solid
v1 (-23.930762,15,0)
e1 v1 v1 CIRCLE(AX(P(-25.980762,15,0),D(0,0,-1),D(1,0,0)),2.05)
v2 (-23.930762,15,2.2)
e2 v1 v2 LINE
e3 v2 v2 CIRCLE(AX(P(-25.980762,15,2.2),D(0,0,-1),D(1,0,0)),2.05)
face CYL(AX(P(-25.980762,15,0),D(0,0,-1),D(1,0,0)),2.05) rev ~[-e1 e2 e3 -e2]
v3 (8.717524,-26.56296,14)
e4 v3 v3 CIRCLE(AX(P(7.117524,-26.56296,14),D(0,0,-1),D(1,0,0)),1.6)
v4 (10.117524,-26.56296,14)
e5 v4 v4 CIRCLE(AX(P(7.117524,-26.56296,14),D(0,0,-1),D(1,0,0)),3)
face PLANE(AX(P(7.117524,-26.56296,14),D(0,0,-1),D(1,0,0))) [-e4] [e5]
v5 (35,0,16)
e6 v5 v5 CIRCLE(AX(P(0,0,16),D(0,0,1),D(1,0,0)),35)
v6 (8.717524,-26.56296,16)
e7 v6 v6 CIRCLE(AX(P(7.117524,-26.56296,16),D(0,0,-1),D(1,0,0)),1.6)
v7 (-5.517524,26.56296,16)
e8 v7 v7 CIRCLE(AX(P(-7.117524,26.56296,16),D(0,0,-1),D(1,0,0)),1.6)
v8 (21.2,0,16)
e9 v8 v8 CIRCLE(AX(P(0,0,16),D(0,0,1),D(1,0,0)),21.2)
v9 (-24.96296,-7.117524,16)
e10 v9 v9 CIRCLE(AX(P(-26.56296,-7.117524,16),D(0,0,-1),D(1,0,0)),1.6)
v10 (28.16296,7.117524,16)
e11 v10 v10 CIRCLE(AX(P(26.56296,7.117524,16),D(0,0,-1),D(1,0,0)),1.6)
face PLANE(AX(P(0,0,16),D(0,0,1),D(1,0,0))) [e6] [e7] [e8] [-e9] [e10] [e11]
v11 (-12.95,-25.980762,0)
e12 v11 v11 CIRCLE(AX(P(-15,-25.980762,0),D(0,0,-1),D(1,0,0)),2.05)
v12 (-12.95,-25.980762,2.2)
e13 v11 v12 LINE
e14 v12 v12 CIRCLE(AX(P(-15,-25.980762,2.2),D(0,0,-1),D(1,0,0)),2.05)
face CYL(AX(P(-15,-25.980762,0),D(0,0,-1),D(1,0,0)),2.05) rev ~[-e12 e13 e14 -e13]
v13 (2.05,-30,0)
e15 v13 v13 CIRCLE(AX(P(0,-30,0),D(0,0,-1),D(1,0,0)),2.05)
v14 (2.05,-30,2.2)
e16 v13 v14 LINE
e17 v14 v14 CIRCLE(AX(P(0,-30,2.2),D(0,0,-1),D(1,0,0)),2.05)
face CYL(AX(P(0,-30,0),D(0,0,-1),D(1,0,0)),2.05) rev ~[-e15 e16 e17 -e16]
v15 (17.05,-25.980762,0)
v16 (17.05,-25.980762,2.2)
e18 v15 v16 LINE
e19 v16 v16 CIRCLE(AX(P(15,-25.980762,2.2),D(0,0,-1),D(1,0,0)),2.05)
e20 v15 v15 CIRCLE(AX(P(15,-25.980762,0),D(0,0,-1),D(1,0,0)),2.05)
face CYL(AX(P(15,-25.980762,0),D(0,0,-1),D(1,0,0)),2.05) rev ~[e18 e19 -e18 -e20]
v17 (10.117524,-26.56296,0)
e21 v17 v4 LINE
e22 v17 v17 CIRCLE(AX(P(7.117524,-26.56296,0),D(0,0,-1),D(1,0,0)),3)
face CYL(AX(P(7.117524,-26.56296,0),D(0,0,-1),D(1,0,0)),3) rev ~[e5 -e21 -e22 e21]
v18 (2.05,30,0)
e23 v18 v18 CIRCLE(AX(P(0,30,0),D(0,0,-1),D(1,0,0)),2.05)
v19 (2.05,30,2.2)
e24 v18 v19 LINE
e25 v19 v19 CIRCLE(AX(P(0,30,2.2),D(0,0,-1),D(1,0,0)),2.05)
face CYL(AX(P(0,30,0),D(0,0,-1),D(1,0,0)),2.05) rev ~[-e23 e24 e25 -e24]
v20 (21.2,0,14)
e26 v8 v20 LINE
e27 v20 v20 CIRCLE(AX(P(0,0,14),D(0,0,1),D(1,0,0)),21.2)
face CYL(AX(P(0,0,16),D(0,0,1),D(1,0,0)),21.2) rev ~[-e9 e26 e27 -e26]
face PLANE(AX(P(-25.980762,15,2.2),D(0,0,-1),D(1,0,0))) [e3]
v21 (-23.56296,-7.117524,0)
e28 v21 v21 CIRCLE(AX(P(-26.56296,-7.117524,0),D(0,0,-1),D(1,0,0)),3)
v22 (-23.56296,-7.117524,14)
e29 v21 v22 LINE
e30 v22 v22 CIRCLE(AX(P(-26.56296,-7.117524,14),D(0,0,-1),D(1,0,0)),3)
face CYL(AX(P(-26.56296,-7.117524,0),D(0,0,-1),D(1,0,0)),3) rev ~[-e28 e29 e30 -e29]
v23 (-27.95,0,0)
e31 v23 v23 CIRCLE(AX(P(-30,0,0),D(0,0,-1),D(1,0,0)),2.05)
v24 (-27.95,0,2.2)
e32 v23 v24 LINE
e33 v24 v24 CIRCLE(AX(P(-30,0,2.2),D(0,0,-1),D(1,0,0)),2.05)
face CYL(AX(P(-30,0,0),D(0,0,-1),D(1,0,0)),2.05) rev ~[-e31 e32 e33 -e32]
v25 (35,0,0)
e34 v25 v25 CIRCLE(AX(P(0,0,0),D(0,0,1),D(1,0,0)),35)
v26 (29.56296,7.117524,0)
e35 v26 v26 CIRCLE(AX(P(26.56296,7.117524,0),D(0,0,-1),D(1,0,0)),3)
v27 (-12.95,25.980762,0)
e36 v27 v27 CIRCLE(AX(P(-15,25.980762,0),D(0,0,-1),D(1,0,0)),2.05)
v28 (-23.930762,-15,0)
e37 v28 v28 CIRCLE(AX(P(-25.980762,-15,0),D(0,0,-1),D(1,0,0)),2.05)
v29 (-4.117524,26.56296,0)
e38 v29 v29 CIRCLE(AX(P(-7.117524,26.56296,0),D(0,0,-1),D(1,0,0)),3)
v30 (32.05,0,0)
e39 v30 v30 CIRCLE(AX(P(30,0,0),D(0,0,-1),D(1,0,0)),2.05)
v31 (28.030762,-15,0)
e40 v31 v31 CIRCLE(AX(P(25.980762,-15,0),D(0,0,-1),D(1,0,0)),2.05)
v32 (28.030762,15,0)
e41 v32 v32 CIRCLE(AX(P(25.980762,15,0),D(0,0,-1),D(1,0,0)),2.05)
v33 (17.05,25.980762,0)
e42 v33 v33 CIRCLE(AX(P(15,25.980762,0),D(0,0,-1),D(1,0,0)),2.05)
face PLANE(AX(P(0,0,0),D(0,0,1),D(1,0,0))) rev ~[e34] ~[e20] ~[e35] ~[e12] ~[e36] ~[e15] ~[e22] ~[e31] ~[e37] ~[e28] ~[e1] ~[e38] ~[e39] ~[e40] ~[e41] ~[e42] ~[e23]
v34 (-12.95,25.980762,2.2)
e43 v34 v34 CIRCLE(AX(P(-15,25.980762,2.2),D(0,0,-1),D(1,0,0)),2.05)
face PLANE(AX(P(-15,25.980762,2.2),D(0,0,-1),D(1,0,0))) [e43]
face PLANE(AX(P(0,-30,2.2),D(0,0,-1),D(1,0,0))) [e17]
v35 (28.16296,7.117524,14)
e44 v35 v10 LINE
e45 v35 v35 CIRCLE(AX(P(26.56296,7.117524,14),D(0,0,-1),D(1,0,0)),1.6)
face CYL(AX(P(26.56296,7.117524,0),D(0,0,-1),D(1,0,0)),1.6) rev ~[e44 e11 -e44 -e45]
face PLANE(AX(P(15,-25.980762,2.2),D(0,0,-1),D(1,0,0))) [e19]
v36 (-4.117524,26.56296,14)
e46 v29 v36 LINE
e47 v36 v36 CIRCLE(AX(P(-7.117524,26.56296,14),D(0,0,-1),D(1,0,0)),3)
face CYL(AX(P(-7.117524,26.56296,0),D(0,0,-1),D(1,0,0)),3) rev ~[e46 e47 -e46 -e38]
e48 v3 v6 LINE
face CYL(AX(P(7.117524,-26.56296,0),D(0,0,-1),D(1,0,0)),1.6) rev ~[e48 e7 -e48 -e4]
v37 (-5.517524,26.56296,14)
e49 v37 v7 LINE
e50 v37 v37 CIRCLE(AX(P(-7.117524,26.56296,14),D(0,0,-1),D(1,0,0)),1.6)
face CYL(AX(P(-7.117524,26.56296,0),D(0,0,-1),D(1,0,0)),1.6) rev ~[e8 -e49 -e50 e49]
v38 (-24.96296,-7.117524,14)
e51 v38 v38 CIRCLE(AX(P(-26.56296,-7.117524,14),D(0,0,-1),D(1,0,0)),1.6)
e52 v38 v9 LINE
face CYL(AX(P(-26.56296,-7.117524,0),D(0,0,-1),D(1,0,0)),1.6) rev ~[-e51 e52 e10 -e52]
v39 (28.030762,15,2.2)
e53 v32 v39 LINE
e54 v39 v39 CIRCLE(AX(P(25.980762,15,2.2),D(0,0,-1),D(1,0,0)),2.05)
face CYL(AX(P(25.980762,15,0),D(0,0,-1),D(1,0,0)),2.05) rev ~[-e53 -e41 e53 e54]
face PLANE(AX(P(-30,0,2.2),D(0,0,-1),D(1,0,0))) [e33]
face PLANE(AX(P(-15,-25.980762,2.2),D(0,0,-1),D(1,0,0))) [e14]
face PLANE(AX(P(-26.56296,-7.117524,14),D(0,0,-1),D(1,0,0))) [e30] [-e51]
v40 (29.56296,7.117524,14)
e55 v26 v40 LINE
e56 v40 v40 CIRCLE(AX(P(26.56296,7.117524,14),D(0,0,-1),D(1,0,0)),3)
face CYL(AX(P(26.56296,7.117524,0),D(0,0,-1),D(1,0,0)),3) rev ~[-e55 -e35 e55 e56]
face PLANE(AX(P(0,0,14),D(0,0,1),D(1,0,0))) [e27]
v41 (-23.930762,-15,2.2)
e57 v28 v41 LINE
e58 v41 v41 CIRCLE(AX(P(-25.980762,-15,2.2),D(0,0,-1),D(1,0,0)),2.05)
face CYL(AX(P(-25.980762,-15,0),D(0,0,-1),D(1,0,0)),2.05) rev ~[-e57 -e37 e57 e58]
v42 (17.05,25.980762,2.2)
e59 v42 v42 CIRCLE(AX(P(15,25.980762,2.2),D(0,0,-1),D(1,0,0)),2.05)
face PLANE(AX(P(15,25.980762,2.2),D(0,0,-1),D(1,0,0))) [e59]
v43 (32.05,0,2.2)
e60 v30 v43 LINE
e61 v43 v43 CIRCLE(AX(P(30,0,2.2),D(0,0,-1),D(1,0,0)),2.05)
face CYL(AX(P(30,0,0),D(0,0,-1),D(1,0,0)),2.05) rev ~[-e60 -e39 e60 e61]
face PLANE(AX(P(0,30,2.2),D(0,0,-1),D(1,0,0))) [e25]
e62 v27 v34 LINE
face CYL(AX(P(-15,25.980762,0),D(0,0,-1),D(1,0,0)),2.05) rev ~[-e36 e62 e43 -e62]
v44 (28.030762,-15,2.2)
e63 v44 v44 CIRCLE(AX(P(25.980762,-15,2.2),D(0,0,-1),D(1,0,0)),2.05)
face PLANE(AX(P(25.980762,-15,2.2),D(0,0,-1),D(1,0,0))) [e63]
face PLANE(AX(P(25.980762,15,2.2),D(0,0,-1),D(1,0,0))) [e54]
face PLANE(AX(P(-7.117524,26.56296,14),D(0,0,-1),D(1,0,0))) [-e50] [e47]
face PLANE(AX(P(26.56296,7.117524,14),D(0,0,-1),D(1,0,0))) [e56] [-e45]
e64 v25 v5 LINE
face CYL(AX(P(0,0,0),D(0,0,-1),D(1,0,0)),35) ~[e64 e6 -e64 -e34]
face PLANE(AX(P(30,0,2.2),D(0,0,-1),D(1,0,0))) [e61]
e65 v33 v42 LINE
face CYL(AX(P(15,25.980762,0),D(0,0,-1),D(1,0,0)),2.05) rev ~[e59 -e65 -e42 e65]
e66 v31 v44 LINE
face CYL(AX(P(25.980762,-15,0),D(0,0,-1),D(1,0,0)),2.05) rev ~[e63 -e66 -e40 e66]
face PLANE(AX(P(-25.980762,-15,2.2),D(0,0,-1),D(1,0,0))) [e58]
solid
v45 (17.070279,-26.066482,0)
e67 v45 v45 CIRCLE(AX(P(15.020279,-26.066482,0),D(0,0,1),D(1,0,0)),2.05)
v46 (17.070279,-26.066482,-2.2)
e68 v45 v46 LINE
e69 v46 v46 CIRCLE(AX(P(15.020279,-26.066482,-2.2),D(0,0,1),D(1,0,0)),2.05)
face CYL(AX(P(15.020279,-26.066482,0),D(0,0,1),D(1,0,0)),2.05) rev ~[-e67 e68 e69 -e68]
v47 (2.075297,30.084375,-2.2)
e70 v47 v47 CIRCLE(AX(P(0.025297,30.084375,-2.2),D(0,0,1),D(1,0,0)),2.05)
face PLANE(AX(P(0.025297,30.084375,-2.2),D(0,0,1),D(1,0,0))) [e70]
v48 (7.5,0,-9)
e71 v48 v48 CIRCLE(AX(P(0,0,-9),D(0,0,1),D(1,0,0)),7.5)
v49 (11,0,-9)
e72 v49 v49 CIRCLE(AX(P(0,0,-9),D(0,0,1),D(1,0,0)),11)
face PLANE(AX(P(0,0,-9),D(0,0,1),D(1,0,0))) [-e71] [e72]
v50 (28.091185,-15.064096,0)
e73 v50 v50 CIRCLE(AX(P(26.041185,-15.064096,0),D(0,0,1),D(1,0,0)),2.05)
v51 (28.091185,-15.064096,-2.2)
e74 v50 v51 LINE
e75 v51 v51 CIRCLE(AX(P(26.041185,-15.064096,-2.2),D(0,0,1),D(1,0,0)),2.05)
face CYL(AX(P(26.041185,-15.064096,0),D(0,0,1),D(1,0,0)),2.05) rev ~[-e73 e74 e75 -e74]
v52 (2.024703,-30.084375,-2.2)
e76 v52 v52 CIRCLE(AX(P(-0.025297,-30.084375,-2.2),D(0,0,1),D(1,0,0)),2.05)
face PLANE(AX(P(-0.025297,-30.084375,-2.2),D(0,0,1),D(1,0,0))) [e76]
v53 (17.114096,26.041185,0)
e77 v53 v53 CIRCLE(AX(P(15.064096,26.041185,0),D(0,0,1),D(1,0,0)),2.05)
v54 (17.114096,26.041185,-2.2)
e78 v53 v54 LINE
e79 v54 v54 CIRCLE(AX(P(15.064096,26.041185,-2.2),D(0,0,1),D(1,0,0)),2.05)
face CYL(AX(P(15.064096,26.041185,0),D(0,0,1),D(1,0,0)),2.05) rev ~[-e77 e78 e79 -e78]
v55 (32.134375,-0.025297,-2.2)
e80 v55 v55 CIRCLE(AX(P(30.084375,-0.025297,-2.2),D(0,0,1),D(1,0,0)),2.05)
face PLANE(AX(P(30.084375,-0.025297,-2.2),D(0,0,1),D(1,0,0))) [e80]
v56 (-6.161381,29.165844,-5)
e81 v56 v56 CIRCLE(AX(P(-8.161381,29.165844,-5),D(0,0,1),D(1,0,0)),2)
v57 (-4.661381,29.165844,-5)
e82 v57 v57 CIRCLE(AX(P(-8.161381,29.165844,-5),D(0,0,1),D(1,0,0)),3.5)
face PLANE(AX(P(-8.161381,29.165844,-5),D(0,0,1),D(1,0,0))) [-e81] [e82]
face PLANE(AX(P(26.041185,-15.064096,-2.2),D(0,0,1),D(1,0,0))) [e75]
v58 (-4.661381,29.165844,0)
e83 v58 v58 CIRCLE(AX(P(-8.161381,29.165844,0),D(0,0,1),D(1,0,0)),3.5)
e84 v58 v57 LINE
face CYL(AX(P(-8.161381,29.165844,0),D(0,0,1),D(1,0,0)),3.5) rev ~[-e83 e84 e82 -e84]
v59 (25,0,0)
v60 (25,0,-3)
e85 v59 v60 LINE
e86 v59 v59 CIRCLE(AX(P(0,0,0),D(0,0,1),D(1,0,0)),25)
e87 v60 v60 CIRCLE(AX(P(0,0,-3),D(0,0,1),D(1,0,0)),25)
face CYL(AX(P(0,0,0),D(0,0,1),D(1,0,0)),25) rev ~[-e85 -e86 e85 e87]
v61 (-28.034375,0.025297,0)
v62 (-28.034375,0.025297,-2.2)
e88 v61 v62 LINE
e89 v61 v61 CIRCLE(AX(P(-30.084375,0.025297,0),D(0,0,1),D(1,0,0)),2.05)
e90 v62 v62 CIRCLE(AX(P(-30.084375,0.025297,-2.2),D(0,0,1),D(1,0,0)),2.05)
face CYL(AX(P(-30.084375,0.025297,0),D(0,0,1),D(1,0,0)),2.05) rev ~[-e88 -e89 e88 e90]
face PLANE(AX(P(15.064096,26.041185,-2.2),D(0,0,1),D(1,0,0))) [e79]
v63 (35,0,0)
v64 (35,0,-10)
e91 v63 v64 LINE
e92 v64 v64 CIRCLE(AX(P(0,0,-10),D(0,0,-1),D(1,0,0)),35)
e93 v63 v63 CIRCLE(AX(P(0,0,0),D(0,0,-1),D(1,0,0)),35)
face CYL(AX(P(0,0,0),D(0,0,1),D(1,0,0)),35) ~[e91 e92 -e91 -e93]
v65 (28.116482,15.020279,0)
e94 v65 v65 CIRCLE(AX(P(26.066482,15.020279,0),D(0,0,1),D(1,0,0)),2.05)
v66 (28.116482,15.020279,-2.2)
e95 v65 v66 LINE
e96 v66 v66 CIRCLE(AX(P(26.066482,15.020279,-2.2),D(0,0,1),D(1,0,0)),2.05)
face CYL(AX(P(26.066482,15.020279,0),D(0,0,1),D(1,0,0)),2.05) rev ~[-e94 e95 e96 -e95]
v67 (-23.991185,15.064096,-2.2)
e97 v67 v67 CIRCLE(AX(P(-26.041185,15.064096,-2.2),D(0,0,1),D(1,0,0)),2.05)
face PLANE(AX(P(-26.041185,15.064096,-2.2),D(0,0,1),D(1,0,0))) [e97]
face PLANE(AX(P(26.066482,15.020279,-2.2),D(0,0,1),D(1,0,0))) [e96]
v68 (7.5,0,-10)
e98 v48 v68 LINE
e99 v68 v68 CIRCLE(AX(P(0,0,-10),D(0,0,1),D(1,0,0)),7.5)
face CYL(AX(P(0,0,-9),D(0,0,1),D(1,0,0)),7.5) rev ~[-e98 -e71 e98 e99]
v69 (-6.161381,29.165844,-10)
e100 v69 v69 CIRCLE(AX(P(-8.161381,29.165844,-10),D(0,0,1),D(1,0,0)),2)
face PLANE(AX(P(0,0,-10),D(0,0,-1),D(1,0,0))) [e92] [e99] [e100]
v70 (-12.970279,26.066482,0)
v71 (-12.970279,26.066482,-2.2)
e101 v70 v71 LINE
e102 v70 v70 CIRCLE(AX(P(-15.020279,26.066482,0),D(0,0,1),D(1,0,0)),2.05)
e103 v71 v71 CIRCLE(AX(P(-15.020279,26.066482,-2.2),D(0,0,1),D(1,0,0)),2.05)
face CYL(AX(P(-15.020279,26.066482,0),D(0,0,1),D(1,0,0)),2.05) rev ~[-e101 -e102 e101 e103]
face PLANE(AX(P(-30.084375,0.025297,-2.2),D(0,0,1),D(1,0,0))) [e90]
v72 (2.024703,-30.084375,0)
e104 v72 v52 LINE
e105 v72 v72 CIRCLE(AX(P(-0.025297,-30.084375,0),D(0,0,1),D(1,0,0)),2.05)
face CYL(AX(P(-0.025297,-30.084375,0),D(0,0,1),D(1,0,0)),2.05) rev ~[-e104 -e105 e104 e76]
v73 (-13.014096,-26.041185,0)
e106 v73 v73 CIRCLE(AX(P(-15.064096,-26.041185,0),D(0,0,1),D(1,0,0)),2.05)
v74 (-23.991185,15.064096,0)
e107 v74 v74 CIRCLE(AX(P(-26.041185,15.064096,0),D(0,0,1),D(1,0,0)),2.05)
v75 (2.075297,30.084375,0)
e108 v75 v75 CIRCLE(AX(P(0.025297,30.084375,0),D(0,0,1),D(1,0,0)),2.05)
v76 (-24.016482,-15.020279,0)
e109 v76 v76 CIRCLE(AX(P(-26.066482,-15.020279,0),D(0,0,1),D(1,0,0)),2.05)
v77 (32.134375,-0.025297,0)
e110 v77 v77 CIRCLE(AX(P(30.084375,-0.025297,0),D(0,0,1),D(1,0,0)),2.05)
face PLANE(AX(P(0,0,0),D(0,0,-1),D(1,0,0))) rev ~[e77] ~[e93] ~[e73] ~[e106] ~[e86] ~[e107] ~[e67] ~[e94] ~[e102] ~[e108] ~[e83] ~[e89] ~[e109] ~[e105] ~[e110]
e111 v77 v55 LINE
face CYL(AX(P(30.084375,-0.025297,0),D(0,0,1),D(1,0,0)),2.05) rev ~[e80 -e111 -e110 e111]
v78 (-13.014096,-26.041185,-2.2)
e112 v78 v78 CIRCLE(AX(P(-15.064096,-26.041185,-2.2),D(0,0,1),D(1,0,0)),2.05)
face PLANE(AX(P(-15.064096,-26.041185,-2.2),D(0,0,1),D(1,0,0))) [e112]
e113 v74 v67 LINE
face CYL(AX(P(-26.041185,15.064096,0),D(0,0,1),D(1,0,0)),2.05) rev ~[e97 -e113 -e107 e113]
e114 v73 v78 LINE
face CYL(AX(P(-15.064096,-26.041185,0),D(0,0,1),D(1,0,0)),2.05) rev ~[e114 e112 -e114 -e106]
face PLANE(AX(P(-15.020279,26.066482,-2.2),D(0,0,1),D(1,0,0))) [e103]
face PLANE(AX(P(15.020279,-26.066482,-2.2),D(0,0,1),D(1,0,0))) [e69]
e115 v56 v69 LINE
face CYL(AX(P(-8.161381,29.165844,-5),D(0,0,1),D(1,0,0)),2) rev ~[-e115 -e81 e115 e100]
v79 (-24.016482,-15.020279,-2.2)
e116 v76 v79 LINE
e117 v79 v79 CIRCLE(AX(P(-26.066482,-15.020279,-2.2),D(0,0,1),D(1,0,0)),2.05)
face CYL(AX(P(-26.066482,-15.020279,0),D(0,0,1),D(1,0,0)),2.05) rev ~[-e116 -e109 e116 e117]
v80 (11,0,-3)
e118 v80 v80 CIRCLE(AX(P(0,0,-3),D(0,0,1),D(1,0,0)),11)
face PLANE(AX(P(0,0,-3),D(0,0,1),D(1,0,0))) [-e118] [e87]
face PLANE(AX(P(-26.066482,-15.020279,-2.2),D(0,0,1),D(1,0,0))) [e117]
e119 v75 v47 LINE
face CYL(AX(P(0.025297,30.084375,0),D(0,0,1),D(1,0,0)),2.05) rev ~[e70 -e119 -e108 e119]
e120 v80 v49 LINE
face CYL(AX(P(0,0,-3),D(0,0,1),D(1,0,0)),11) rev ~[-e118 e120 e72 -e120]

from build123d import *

# Parameters (mm, degrees)
F0_R      = 35
F1_DEPTH  = 16
F2_R      = 21.2
F3_DEPTH  = 2
F4_R      = 2.05
F5_DEPTH  = 2.2
F6_R      = 1.6
F7_DEPTH  = 16
F8_R      = 3
F9_DEPTH  = 14
F10_R     = 35
F11_DEPTH = 10
F12_R     = 2.05
F13_DEPTH = 2.2
F14_R     = 25
F15_DEPTH = 3
F16_R     = 11
F17_DEPTH = 6
F18_R     = 3.5
F19_DEPTH = 5
F20_R     = 2
F21_DEPTH = 5
F22_R     = 7.5
F23_DEPTH = 1


with BuildPart() as f1:
    # F0 (on Top) → F1 (new body)
    with BuildSketch(Plane.XY):
        Circle(F0_R)
    extrude(amount=F1_DEPTH)

    # F2 (on face) → F3 (cut)
    with BuildSketch(Plane.XY.offset(16)):
        Circle(F2_R)
    extrude(amount=-F3_DEPTH, mode=Mode.SUBTRACT)

    # F4 (on face) → F5 (cut)
    with BuildSketch(Plane(origin=(0, 0, 0), x_dir=(1, 0, 0), z_dir=(0, 0, -1))):
        with Locations((0, 30)):
            Circle(F4_R)
        with Locations((-15, 25.9807621135)):
            Circle(F4_R)
        with Locations((-25.9807621135, 15)):
            Circle(F4_R)
        with Locations((-30, 0)):
            Circle(F4_R)
        with Locations((-25.9807621135, -15)):
            Circle(F4_R)
        with Locations((-15, -25.9807621135)):
            Circle(F4_R)
        with Locations((0, -30)):
            Circle(F4_R)
        with Locations((15, -25.9807621135)):
            Circle(F4_R)
        with Locations((25.9807621135, -15)):
            Circle(F4_R)
        with Locations((30, 0)):
            Circle(F4_R)
        with Locations((25.9807621135, 15)):
            Circle(F4_R)
        with Locations((15, 25.9807621135)):
            Circle(F4_R)
    extrude(amount=-F5_DEPTH, mode=Mode.SUBTRACT)

    # F6 (on face) → F7 (cut, through all)
    with BuildSketch(Plane(origin=(0, 0, 0), x_dir=(1, 0, 0), z_dir=(0, 0, -1))):
        with Locations((7.1175237403, 26.5629602229)):
            Circle(F6_R)
        with Locations((-26.5629602229, 7.1175237403)):
            Circle(F6_R)
        with Locations((-7.1175237403, -26.5629602229)):
            Circle(F6_R)
        with Locations((26.5629602229, -7.1175237403)):
            Circle(F6_R)
    extrude(amount=-F7_DEPTH, mode=Mode.SUBTRACT)

    # F8 (on face) → F9 (cut)
    with BuildSketch(Plane(origin=(0, 0, 0), x_dir=(1, 0, 0), z_dir=(0, 0, -1))):
        with Locations((7.1175237403, 26.5629602229)):
            Circle(F8_R)
        with Locations((-26.5629602229, 7.1175237403)):
            Circle(F8_R)
        with Locations((-7.1175237403, -26.5629602229)):
            Circle(F8_R)
        with Locations((26.5629602229, -7.1175237403)):
            Circle(F8_R)
    extrude(amount=-F9_DEPTH, mode=Mode.SUBTRACT)


with BuildPart() as f11:
    # F10 (on face) → F11 (new body)
    with BuildSketch(Plane(origin=(0, 0, 0), x_dir=(1, 0, 0), z_dir=(0, 0, -1))):
        Circle(F10_R)
    extrude(amount=F11_DEPTH)

    # F12 (on face) → F13 (cut)
    with BuildSketch(Plane.XY):
        with Locations((-30.0843753666, 0.0252974226)):
            Circle(F12_R)
        with Locations((15.0640958939, 26.0411846131)):
            Circle(F12_R)
        with Locations((26.0664820357, 15.0202794727)):
            Circle(F12_R)
        with Locations((30.0843753666, -0.0252974226)):
            Circle(F12_R)
        with Locations((26.0411846131, -15.0640958939)):
            Circle(F12_R)
        with Locations((15.0202794727, -26.0664820357)):
            Circle(F12_R)
        with Locations((-0.0252974226, -30.0843753666)):
            Circle(F12_R)
        with Locations((-15.0640958939, -26.0411846131)):
            Circle(F12_R)
        with Locations((-26.0664820357, -15.0202794727)):
            Circle(F12_R)
        with Locations((-26.0411846131, 15.0640958939)):
            Circle(F12_R)
        with Locations((-15.0202794727, 26.0664820357)):
            Circle(F12_R)
        with Locations((0.0252974226, 30.0843753666)):
            Circle(F12_R)
    extrude(amount=-F13_DEPTH, mode=Mode.SUBTRACT)

    # F14 (on face) → F15 (cut)
    with BuildSketch(Plane.XY):
        Circle(F14_R)
    extrude(amount=-F15_DEPTH, mode=Mode.SUBTRACT)

    # F16 (on face) → F17 (cut)
    with BuildSketch(Plane.XY.offset(-3)):
        Circle(F16_R)
    extrude(amount=-F17_DEPTH, mode=Mode.SUBTRACT)

    # F18 (on face) → F19 (cut)
    with BuildSketch(Plane.XY):
        with Locations((-8.161380887, 29.1658435017)):
            Circle(F18_R)
    extrude(amount=-F19_DEPTH, mode=Mode.SUBTRACT)

    # F20 (on face) → F21 (cut, through all)
    with BuildSketch(Plane.XY.offset(-5)):
        with Locations((-8.161380887, 29.1658435017)):
            Circle(F20_R)
    extrude(amount=-F21_DEPTH, mode=Mode.SUBTRACT)

    # F22 (on face) → F23 (cut, through all)
    with BuildSketch(Plane.XY.offset(-9)):
        Circle(F22_R)
    extrude(amount=-F23_DEPTH, mode=Mode.SUBTRACT)


solid = Compound([f1.part, f11.part])
